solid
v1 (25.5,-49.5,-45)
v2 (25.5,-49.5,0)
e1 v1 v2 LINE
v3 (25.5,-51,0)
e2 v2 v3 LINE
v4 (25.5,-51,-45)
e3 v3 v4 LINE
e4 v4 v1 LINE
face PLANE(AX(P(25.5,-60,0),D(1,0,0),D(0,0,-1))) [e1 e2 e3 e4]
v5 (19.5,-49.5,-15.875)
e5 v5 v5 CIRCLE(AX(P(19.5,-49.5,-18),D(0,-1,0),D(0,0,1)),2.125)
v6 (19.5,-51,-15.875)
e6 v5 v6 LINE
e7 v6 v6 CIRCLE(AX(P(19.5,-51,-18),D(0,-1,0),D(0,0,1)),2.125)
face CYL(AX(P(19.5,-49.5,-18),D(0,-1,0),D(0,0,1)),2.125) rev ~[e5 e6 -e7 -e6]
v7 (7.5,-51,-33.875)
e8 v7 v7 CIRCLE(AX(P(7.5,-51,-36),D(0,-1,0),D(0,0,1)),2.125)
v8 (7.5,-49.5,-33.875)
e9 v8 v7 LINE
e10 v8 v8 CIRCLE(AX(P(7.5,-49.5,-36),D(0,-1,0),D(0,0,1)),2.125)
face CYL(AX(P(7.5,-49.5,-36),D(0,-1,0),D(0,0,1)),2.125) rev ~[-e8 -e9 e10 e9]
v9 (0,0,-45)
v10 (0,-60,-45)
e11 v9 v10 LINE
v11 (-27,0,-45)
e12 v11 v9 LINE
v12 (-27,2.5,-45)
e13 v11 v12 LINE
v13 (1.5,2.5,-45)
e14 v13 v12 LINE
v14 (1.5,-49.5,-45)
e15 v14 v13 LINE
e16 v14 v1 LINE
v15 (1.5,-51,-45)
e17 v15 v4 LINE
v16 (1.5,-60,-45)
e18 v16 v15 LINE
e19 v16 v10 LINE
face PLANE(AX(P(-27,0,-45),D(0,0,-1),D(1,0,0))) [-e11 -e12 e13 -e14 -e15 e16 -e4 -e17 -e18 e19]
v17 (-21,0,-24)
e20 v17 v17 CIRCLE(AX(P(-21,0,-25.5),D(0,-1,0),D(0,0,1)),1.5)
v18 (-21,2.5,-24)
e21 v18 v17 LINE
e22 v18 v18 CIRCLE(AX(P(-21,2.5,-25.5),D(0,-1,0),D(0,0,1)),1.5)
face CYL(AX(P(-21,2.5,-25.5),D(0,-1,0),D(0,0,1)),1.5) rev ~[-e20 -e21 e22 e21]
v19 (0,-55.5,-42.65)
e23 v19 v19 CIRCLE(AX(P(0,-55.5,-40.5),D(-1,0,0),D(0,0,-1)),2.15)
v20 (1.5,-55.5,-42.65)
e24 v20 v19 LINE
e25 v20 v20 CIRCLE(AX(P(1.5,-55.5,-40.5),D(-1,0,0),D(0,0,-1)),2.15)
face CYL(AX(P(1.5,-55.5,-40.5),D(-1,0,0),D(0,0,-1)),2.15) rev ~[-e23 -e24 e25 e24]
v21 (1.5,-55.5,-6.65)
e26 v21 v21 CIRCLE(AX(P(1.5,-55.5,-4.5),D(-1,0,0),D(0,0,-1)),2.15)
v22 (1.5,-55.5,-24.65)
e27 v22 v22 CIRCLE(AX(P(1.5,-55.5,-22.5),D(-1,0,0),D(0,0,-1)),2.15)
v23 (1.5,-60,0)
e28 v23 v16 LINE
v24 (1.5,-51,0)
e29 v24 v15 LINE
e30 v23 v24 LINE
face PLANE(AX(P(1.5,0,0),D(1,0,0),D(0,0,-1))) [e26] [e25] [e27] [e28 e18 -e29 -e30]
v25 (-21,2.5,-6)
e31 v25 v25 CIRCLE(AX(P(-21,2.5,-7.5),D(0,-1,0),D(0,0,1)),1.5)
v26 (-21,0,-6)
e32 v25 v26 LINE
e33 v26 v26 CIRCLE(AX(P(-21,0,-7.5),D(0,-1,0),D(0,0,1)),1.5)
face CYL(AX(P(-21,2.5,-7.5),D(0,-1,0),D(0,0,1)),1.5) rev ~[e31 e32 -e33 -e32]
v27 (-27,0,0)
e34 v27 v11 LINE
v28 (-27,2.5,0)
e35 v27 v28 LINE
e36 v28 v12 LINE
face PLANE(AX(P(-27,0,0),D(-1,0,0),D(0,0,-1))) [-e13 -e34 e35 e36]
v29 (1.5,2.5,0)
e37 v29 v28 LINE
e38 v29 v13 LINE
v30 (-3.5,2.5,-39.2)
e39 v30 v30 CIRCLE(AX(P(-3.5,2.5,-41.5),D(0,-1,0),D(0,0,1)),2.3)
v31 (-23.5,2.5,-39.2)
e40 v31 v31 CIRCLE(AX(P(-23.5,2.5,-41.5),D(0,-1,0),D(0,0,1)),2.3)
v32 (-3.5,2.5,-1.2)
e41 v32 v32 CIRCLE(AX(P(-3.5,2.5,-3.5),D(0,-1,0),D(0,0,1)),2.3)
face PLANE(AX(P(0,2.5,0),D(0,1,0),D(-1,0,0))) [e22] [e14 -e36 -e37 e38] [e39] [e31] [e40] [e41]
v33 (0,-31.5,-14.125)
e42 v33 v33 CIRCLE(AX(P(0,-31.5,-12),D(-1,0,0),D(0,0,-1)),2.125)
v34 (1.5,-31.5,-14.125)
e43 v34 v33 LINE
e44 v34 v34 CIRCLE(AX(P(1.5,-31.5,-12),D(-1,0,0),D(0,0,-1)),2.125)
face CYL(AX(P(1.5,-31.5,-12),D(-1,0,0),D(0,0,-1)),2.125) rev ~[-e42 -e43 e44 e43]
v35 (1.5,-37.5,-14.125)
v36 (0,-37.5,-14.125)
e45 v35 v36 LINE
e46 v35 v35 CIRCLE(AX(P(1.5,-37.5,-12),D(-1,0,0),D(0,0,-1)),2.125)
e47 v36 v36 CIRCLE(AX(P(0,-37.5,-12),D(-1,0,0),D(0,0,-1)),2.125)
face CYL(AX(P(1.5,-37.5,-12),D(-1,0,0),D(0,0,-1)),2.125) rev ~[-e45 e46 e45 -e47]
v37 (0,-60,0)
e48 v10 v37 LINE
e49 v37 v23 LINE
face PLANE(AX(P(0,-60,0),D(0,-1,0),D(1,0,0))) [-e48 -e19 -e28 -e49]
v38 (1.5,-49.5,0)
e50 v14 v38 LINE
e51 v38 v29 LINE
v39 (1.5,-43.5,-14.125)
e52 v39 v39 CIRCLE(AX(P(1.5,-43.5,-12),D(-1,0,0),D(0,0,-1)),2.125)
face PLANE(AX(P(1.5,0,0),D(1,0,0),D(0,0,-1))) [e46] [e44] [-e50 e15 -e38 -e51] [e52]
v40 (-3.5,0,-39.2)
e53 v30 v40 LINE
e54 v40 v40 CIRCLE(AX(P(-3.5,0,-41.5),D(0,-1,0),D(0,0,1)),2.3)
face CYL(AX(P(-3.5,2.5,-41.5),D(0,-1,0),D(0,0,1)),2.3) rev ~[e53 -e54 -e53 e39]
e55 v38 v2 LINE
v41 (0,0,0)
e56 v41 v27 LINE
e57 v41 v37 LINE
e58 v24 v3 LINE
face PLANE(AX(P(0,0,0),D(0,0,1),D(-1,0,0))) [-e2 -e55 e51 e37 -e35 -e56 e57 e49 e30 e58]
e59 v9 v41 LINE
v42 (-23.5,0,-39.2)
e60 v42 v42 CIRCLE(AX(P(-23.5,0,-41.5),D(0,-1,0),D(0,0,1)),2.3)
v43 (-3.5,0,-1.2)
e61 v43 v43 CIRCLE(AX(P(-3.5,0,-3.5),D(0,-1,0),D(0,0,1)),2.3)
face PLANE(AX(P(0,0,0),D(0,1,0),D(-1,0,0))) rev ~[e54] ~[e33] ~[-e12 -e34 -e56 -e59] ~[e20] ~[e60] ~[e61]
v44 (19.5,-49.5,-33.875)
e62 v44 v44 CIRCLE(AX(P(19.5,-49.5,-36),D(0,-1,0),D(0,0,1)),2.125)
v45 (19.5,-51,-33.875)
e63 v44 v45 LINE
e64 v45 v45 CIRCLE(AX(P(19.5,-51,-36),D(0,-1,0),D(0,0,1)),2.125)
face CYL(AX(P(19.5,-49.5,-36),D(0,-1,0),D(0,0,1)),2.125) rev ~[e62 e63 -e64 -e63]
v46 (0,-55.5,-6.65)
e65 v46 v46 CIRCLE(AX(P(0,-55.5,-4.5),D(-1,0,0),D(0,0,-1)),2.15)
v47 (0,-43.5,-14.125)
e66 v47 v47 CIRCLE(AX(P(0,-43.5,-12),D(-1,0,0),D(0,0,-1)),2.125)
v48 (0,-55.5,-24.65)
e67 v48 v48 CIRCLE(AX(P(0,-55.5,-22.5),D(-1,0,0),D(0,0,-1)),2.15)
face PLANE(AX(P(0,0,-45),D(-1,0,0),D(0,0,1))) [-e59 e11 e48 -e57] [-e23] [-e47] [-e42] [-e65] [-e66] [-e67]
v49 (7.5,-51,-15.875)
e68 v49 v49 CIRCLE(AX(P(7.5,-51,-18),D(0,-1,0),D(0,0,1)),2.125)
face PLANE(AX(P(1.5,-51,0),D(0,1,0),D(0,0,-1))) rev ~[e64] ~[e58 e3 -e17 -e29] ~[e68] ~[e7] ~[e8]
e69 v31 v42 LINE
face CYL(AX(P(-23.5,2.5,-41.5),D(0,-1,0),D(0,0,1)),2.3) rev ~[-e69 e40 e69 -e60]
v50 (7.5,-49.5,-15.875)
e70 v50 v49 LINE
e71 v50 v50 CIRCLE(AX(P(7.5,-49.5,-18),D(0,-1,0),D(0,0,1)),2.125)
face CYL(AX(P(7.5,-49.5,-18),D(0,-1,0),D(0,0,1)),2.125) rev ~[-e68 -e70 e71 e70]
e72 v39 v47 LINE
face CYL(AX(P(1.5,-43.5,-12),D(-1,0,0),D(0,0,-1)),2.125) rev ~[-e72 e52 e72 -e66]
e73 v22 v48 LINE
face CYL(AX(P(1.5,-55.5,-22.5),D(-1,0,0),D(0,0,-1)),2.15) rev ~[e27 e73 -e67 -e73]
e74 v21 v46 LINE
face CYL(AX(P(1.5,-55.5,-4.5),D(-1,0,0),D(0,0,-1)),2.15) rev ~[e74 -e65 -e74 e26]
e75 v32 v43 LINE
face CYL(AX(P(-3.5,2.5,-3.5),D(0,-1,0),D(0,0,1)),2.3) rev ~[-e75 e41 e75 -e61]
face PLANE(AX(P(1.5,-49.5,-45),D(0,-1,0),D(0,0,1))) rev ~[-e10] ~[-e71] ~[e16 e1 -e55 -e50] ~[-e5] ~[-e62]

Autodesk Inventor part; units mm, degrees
ref_plane "YZ Plane" through (0, 0, 0) normal (1, 0, 0) x (0, 1, 0)
ref_plane "XZ Plane" through (0, 0, 0) normal (0, 1, 0) x (-1, 0, 0)
ref_plane "XY Plane" through (0, 0, 0) normal (0, 0, 1) x (1, 0, 0)
sketch "Sketch3" plane through (0, 0, 0) normal (0, 1, 0) x (-1, 0, 0)
  line L0 (0, 0) -> (27, 0)
  line L1 (27, 0) -> (27, -45)
  line L2 (27, -45) -> (0, -45)
  line L3 (0, -45) -> (0, 0)
  dimension "d27" = 27
  dimension "d28" = 45
extrude "Extrusion2" add sketch "Sketch3" along normal blind 2.5
sketch "Sketch4" plane through (0, 0, 0) normal (0, -1, 0) x (1, 0, 0)
  line L0 (0, 0) -> (1.5, 0)
  line L1 (1.5, 0) -> (1.5, -45)
  line L2 (1.5, -45) -> (0, -45)
  line L3 (0, -45) -> (0, 0)
  dimension "d31" = 1.5
  dimension "d32" = 45
extrude "Extrusion3" add sketch "Sketch4" along normal blind 60 and the other way blind 2.5
sketch "Sketch5" plane through (0, 2.5, 0) normal (0, 1, 0) x (1, 0, 0)
  line L0 (-27, 0) -> (-27, 45) projected
  line L1 (-27, 0) -> (1.5, 0) projected
  circle A0 centre (-3.5, 3.5) radius 2.3
  line L2 (0, 45) -> (0, 0) projected
  circle A1 centre (-23.5, 41.5) radius 2.3
  line L3 (1.5, 45) -> (-27, 45) projected
  circle A2 centre (-3.5, 41.5) radius 2.3
  dimension "d45" = 4.6
  dimension "d46" = 3.5
  dimension "d47" = 3.5
  dimension "d50" = 4.6
  dimension "d51" = 3.5
  dimension "d52" = 4.6
  dimension "d61" = 3.5
  dimension "d62" = 3.5
  dimension "d63" = 3.5
hole "Hole2" at (-3.5, 2.5, -3.5) at (-3.5, 2.5, -41.5) at (-23.5, 2.5, -41.5) direction (0, -1, 0) diameter 4.6 end through all
sketch "Sketch6" plane through (0, 2.5, 0) normal (0, 1, 0) x (1, 0, 0)
  circle A0 centre (-21, 7.5) radius 1.5
  line L0 (-27, 45) -> (-27, 0) projected
  line L1 (-27, 0) -> (1.5, 0) projected
  circle A1 centre (-21, 25.5) radius 1.5
  point P0 (0, 0)
  dimension "d64" = 3
  dimension "d65" = 6
  dimension "d66" = 7.5
  dimension "d67" = 3
  dimension "d68" = 18
hole "Hole3" at (-21, 2.5, -7.5) at (-21, 2.5, -25.5) direction (0, -1, 0) diameter 3 end through all
sketch "Sketch7" plane through (1.5, -60, 0) normal (1, 0, 0) x (0, 0, -1)
  circle A0 centre (4.5, 4.5) radius 2.15
  line L0 (45, 0) -> (0, 0) projected
  line L1 (0, 0) -> (0, 62.5) projected
  circle A1 centre (40.5, 4.5) radius 2.15
  line L2 (45, 0) -> (45, 62.5) projected
  circle A2 centre (22.5, 4.5) radius 2.15
  point P0 (0, 60)
  dimension "d76" = 4.3
  dimension "d77" = 4.5
  dimension "d78" = 4.5
  dimension "d79" = 4.3
  dimension "d80" = 4.5
  dimension "d81" = 4.5
  dimension "d82" = 4.3
hole "Hole4" at (1.5, -55.5, -4.5) at (1.5, -55.5, -22.5) at (1.5, -55.5, -40.5) direction (-1, 0, 0) diameter 4.3 end through all
sketch "Sketch8" plane through (1.5, -60, 0) normal (1, 0, 0) x (0, 0, -1)
  line L0 (0, 9) -> (45, 9)
  line L1 (45, 9) -> (45, 10.5)
  line L2 (45, 10.5) -> (0, 10.5)
  line L3 (0, 10.5) -> (0, 9)
  line L4 (0, 62.5) -> (45, 62.5) projected
  point P0 (0, 60)
  dimension "d90" = 45
  dimension "d91" = 1.5
  dimension "d92" = 52
extrude "Extrusion4" add sketch "Sketch8" along normal blind 24
sketch "Sketch10" plane through (1.5, -49.5, 0) normal (0, 1, 0) x (1, 0, 0)
  circle A0 centre (6, 36) radius 2.125
  line L0 (0, 45) -> (24, 45) projected
  line L1 (0, 0) -> (0, 45) projected
  circle A1 centre (18, 36) radius 2.125
  line L2 (6, 36) -> (6, 27)
  line L3 (6, 27) -> (12, 27)
  circle A2 centre (6, 18) radius 2.125
  circle A3 centre (18, 18) radius 2.125
  point P0 (-1.5, 0)
  dimension "d95" = 4.25
  dimension "d96" = 9
  dimension "d97" = 6
  dimension "d100" = 4.25
  dimension "d102" = 9
hole "Hole6" at (7.5, -49.5, -18) at (7.5, -49.5, -36) at (19.5, -49.5, -36) at (19.5, -49.5, -18) direction (0, -1, 0) diameter 4.25 end through all
sketch "Sketch11" plane through (1.5, 2.5, 0) normal (1, 0, 0) x (0, 0, -1)
  circle A0 centre (12, -46) radius 2.125
  line L0 (45, -52) -> (45, 0) projected
  line L1 (0, -52) -> (0, 0) projected
  line L2 (0, -52) -> (45, -52) projected
  circle A1 centre (12, -40) radius 2.125
  circle A2 centre (12, -34) radius 2.125
  point P0 (0, -2.5)
  dimension "d117" = 4.25
  dimension "d119" = 12
  dimension "d120" = 6
  dimension "d121" = 4.25
  dimension "d122" = 6
  dimension "d123" = 4.25
  dimension "d124" = 6
hole "Hole7" at (1.5, -31.5, -12) at (1.5, -37.5, -12) at (1.5, -43.5, -12) direction (-1, 0, 0) diameter 4.25 depth 8 tip angle 118
properties part number "TrolleyRightPlate"
